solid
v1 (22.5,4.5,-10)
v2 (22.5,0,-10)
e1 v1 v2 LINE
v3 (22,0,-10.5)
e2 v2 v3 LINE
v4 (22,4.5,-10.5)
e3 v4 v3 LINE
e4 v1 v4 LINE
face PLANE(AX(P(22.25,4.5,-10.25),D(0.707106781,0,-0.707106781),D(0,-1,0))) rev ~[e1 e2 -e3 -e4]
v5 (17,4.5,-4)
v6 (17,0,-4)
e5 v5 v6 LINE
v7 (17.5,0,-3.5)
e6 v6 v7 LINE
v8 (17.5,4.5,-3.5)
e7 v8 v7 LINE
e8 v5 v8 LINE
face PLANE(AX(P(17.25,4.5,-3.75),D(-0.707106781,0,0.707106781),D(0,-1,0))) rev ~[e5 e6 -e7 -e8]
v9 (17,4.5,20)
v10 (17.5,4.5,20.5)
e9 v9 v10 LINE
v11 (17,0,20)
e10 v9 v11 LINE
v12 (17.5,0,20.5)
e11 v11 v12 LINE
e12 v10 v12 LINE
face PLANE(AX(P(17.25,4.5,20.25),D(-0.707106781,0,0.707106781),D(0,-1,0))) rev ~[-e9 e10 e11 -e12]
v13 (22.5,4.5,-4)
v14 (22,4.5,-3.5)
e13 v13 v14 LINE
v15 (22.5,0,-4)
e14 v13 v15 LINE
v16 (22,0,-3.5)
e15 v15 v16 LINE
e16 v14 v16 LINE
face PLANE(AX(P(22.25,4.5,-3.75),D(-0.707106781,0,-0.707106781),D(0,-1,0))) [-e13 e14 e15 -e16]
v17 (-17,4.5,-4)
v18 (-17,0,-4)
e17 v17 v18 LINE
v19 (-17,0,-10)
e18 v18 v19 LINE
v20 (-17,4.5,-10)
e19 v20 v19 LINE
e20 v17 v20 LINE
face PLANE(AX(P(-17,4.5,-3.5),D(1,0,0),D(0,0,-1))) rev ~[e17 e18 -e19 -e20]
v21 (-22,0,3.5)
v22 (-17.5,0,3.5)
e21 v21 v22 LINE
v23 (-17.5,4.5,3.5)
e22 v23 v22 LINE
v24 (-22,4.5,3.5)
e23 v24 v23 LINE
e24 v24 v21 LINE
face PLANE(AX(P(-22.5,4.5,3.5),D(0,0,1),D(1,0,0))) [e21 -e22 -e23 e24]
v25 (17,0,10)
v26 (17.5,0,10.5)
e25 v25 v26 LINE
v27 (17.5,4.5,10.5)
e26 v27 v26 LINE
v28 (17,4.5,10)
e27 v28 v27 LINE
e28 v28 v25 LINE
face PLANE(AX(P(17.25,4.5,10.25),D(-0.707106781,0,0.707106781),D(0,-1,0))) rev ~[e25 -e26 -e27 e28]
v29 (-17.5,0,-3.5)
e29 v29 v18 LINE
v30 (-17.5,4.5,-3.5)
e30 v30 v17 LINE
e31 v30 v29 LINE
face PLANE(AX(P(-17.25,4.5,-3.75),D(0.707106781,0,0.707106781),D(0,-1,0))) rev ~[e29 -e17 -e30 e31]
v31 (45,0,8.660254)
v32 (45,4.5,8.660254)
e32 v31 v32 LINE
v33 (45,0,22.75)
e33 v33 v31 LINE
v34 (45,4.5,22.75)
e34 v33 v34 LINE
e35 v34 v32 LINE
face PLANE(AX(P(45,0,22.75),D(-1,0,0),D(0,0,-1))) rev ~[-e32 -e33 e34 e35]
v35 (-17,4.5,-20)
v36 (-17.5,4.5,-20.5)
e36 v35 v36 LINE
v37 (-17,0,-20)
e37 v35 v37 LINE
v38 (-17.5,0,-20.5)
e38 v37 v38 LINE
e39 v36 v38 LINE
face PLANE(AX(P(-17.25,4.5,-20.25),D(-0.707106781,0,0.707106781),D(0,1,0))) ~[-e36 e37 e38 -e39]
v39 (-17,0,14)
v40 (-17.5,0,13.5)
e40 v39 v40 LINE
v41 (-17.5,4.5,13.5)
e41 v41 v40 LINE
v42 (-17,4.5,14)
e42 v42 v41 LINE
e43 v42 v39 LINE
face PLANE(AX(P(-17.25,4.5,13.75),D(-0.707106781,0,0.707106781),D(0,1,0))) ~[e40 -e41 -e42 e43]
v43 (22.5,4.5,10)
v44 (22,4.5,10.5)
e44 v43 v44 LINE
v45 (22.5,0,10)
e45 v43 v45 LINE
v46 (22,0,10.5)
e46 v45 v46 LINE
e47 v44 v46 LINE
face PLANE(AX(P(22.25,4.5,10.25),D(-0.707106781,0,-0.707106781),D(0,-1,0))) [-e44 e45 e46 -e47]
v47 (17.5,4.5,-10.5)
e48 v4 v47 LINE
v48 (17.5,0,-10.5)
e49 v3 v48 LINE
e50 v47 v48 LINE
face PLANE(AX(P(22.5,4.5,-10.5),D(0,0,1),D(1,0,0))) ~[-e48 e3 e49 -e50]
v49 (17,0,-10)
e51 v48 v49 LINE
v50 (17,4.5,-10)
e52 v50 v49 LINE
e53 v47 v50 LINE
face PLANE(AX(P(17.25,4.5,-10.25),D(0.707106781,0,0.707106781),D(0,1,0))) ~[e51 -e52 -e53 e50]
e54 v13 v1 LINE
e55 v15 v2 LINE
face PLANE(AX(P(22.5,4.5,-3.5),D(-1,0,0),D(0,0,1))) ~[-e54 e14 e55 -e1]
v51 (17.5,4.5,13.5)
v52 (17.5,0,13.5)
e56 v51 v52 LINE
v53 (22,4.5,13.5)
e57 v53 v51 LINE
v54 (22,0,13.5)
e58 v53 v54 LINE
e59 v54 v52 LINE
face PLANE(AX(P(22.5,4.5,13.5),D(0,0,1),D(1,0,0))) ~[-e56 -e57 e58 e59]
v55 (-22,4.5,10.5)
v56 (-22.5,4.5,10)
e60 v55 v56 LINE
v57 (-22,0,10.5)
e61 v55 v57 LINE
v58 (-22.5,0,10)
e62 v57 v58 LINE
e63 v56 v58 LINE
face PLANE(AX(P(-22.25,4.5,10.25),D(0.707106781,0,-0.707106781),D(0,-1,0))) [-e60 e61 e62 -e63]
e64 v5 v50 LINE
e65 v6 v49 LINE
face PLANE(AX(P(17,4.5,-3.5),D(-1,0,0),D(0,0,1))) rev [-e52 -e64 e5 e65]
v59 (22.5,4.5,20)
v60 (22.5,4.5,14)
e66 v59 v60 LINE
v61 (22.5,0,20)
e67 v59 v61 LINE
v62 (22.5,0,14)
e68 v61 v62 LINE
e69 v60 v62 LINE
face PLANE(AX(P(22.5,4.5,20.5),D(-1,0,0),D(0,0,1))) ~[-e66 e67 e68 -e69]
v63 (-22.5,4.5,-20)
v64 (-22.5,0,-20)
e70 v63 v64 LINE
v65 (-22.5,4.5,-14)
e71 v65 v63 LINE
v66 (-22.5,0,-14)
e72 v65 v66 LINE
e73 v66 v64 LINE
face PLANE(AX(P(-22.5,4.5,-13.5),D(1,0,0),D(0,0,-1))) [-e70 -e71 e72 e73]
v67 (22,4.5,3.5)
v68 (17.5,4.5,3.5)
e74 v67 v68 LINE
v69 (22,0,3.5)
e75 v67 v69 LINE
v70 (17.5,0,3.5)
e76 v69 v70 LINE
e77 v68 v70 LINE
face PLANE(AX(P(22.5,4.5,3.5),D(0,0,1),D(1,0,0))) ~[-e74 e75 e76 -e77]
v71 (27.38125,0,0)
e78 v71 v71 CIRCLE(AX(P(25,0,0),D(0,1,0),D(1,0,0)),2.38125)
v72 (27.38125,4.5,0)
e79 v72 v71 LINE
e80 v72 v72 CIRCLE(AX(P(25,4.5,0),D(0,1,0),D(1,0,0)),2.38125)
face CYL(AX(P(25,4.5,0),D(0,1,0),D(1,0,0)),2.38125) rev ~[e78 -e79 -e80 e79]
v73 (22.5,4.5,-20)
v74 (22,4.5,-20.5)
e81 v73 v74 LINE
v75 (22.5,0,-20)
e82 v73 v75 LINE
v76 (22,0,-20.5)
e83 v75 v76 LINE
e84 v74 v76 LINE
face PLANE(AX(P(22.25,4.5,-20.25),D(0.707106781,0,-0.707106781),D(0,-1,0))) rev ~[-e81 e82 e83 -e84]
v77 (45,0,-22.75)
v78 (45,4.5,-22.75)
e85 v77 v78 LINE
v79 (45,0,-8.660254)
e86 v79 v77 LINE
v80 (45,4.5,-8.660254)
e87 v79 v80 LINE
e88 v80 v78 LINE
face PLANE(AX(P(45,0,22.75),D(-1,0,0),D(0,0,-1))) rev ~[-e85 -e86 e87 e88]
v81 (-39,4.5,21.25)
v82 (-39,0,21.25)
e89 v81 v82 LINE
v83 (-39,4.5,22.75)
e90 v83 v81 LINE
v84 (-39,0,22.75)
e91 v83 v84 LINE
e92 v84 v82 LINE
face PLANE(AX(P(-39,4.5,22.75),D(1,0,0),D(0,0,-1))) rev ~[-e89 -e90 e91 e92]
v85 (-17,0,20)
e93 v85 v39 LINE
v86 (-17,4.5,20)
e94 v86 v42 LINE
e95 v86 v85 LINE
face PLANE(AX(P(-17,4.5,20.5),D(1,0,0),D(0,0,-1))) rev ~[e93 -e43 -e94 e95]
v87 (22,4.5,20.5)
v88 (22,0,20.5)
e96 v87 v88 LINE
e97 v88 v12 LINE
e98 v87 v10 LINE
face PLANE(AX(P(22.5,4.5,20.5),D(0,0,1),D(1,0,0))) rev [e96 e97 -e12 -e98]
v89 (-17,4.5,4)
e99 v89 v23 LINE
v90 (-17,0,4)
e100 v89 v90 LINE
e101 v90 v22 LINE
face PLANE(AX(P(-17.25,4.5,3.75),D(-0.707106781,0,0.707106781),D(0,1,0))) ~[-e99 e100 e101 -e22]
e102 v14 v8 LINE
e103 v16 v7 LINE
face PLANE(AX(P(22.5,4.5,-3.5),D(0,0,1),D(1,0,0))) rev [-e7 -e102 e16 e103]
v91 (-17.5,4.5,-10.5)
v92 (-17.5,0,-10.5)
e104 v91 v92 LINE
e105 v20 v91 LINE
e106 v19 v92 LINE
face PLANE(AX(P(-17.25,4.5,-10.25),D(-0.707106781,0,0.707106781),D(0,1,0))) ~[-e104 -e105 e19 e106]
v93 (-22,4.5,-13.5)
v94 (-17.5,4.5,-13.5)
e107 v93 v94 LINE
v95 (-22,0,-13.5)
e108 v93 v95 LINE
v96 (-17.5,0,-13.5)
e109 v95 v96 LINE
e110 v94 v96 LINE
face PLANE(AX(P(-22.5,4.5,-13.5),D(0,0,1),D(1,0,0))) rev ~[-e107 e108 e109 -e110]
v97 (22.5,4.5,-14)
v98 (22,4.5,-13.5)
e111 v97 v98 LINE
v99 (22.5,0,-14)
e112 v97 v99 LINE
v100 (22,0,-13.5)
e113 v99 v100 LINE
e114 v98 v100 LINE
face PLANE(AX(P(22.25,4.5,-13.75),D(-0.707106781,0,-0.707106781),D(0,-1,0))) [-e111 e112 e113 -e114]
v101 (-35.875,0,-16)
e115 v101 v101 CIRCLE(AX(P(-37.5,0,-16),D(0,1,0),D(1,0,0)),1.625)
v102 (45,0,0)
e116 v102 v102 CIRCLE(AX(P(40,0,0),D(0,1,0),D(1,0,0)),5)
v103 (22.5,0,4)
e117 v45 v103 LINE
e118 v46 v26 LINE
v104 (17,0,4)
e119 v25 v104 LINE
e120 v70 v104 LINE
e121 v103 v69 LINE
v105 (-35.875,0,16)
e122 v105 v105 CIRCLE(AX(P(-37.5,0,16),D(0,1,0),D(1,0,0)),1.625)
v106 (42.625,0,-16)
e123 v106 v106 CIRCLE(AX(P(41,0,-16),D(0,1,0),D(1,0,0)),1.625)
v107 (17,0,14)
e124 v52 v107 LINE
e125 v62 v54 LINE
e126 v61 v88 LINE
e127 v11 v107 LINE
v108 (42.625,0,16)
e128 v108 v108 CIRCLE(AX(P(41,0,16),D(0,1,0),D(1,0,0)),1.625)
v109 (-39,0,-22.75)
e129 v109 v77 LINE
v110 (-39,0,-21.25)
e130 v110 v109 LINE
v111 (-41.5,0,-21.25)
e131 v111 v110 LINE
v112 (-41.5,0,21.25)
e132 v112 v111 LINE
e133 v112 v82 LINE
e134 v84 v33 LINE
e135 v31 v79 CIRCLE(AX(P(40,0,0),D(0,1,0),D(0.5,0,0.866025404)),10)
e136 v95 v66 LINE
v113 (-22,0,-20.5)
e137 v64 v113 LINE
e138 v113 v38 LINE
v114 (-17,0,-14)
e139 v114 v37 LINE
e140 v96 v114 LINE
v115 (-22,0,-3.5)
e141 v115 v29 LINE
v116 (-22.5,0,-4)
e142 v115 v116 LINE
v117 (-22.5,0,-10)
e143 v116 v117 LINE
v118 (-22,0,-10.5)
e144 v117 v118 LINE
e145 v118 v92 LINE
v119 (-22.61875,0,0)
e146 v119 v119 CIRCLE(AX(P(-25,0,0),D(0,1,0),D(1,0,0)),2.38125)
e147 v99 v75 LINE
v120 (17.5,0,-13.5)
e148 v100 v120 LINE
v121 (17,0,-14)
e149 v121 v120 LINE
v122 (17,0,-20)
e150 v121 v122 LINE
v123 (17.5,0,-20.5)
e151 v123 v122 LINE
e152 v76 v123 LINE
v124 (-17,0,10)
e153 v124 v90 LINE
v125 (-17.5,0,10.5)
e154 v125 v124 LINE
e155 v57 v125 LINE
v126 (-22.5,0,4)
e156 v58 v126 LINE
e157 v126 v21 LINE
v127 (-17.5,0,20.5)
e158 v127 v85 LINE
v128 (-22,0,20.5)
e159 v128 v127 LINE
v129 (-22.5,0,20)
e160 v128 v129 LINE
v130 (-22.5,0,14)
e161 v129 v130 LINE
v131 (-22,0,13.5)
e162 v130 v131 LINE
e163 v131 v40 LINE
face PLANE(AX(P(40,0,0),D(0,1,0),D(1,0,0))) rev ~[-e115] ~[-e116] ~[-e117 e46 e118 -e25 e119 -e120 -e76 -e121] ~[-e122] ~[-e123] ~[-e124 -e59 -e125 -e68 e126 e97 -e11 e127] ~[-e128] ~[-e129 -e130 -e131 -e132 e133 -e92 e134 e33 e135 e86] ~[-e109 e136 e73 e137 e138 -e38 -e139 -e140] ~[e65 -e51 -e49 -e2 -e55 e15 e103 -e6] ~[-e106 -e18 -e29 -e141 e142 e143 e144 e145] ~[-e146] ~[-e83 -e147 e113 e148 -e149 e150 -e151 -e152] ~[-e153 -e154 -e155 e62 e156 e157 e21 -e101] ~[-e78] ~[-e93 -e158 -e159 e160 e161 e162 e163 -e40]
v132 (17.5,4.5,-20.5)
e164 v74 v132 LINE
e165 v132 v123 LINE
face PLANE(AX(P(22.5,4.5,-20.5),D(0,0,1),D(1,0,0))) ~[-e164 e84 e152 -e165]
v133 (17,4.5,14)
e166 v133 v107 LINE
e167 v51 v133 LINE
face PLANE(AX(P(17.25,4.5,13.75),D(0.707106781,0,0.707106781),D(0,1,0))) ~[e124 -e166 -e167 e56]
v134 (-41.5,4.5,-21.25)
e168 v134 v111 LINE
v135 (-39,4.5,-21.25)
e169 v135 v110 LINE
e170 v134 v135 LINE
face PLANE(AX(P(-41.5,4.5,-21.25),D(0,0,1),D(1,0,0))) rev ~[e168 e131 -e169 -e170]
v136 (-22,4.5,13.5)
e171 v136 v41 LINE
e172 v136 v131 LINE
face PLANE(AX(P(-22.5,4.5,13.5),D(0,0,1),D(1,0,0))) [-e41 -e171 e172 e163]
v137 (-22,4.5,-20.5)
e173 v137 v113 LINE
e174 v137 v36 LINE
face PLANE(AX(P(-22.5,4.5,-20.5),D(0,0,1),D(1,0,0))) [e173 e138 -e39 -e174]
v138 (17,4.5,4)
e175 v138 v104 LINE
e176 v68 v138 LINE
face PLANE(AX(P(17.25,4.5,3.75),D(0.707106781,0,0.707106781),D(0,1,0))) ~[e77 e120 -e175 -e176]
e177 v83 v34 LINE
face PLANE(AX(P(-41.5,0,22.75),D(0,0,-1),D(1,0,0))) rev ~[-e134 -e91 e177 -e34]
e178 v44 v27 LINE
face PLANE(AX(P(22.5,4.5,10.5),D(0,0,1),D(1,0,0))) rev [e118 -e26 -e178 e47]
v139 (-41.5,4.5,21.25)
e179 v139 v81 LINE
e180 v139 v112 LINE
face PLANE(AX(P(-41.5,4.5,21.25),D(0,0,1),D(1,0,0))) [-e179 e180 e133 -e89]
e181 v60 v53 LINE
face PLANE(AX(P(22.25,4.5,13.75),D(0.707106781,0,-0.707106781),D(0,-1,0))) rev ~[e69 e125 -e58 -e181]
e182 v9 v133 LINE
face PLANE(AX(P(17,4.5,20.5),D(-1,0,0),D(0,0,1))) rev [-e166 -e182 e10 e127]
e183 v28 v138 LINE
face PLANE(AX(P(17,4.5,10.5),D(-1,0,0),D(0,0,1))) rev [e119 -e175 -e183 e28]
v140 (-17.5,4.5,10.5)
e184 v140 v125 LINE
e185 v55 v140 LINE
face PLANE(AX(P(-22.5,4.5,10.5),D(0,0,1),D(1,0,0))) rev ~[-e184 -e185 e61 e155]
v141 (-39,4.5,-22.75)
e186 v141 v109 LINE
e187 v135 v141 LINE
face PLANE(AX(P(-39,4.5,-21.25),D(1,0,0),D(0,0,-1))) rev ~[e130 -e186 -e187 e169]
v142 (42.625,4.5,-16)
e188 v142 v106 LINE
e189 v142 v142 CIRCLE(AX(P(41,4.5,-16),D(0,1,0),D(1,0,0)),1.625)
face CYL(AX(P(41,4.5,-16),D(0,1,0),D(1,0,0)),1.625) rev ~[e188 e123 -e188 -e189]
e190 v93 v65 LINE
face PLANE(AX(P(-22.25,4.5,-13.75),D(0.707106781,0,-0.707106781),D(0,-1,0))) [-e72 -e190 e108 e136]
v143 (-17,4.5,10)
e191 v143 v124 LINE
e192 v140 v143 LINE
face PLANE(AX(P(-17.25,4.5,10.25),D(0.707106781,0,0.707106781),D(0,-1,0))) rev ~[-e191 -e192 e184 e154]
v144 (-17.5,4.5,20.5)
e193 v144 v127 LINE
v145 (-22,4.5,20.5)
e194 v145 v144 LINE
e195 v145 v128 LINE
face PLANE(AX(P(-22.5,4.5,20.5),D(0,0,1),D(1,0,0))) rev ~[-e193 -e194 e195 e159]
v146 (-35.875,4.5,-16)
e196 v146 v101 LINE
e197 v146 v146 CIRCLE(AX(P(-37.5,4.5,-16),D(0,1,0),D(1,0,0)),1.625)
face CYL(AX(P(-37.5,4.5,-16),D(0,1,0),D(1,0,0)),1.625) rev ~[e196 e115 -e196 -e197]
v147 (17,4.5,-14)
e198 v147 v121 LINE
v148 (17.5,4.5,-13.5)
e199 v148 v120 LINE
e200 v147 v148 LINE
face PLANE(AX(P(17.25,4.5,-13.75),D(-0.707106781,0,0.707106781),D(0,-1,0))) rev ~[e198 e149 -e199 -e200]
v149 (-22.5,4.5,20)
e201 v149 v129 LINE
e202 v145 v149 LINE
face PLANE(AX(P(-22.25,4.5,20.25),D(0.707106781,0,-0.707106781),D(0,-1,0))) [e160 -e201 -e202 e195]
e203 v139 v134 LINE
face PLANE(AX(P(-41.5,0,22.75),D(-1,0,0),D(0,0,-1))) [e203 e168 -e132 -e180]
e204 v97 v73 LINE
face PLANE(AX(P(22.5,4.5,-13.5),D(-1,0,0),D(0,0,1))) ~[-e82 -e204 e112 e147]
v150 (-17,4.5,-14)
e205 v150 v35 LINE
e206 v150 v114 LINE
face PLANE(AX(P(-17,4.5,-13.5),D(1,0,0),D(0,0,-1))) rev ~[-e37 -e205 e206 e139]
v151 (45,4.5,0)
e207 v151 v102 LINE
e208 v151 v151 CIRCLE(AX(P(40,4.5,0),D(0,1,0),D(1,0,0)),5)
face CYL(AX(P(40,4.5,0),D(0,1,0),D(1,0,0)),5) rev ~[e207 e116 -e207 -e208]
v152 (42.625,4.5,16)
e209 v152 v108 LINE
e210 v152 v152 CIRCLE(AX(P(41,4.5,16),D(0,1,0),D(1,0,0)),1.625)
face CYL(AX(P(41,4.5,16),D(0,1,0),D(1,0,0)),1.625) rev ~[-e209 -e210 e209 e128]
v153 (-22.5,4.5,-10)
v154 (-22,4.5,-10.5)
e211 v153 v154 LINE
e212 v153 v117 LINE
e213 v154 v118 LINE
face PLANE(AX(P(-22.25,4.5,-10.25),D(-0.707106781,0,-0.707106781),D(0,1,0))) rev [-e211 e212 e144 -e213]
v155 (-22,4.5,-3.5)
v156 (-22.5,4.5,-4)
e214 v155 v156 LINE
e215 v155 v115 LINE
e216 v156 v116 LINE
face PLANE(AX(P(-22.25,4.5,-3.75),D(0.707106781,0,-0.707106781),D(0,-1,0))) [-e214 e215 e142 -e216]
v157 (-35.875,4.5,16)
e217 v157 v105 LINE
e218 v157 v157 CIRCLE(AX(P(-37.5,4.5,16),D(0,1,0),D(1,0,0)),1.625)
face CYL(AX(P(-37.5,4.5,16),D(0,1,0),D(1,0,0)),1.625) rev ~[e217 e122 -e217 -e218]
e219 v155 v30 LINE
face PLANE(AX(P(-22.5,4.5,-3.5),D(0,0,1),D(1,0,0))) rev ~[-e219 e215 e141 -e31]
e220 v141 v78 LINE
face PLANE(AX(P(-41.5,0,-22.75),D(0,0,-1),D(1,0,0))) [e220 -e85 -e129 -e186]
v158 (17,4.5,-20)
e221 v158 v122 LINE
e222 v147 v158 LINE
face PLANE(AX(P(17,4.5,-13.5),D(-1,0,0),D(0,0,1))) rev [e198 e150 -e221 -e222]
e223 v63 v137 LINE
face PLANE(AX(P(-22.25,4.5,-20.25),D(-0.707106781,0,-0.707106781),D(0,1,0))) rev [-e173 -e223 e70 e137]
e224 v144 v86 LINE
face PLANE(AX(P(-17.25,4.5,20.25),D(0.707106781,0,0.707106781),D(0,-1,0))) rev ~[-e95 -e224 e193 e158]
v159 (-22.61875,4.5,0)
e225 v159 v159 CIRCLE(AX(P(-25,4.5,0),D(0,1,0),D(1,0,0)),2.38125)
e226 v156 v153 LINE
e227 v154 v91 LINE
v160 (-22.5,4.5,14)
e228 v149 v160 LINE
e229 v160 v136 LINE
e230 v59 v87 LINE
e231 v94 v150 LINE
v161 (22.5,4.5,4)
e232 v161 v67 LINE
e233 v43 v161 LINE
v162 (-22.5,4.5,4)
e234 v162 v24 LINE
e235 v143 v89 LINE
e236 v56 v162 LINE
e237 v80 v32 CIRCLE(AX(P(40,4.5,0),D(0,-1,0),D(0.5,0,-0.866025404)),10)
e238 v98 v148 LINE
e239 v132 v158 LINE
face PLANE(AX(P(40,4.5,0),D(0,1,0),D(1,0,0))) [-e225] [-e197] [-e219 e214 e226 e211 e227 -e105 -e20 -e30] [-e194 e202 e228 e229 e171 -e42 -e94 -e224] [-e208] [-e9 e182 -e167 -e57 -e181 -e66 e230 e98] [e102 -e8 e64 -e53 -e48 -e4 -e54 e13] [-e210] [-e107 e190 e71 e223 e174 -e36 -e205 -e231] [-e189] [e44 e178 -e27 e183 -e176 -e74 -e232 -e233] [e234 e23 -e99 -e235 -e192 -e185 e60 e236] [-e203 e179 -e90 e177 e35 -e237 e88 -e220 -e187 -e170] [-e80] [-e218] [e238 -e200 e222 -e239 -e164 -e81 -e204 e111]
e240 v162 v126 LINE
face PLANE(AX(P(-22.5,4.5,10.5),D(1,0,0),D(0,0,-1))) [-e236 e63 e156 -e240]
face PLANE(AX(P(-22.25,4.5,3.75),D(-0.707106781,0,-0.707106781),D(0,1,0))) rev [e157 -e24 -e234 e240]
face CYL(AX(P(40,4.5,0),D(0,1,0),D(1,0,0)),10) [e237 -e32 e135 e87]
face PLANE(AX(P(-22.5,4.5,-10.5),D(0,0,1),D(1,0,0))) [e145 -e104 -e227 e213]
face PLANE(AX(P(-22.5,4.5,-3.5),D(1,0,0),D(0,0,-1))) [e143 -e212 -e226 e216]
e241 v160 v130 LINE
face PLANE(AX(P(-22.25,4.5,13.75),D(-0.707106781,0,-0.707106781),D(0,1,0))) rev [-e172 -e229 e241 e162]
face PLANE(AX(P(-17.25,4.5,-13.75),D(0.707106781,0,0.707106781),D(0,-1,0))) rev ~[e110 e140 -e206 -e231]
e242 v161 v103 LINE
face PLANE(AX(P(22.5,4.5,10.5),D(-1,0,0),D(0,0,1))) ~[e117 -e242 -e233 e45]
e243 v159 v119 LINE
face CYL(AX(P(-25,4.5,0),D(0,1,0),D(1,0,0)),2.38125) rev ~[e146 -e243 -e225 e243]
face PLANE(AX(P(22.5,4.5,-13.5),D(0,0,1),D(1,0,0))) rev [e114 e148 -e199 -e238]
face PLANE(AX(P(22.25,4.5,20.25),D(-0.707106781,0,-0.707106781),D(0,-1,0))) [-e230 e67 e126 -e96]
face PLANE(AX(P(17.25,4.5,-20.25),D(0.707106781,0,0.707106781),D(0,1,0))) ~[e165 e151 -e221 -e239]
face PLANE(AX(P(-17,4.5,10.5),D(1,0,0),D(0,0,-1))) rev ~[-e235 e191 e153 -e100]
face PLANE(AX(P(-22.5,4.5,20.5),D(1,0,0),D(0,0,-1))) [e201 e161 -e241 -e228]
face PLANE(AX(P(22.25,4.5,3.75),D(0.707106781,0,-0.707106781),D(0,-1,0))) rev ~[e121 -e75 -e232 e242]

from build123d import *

# Parameters (mm, degrees)
SKETCH2_W           = 86.5
SKETCH2_H           = 45.5
BOSS_EXTRUDE1_DEPTH = 4.5
SKETCH3_R           = 1.625
SKETCH3_R_2         = 2.38125
CUT_EXTRUDE1_DEPTH  = 5.5
SKETCH4_W           = 5.5
SKETCH4_H           = 7
CUT_EXTRUDE2_DEPTH  = 5.5
CHAMFER1_SIZE       = 0.5
SKETCH5_R           = 10
BOSS_EXTRUDE2_DEPTH = 4.5
SKETCH6_R           = 5
SKETCH6_W           = 2.5
SKETCH6_H           = 1.5
CUT_EXTRUDE3_DEPTH  = 5.5


with BuildPart() as part:
    # Sketch2 → Boss-Extrude1 (new body)
    with BuildSketch(Plane(origin=(0, 0, 0), x_dir=(1, 0, 0), z_dir=(0, 1, 0))):
        with Locations((1.75, 0)):
            Rectangle(SKETCH2_W, SKETCH2_H)
    extrude(amount=BOSS_EXTRUDE1_DEPTH)

    # Sketch3 → Cut-Extrude1 (cut, through all)
    with BuildSketch(Plane(origin=(0, 4.5, 0), x_dir=(1, 0, 0), z_dir=(0, 1, 0))):
        with Locations((-37.5, -16)):
            Circle(SKETCH3_R)
        with Locations((-37.5, 16)):
            Circle(SKETCH3_R)
        with Locations((41, 16)):
            Circle(SKETCH3_R)
        with Locations((41, -16)):
            Circle(SKETCH3_R)
        with Locations((25, 0)):
            Circle(SKETCH3_R_2)
        with Locations((-25, 0)):
            Circle(SKETCH3_R_2)
    extrude(amount=-CUT_EXTRUDE1_DEPTH, mode=Mode.SUBTRACT)

    # Sketch4 → Cut-Extrude2 (cut, through all)
    with BuildSketch(Plane(origin=(0, 4.5, 0), x_dir=(1, 0, 0), z_dir=(0, 1, 0))):
        with Locations((-19.75, 7)):
            Rectangle(SKETCH4_W, SKETCH4_H)
        with Locations((-19.75, -7)):
            Rectangle(SKETCH4_W, SKETCH4_H)
        with Locations((-19.75, 17)):
            Rectangle(SKETCH4_W, SKETCH4_H)
        with Locations((-19.75, -17)):
            Rectangle(SKETCH4_W, SKETCH4_H)
    cut_extrude2 = extrude(amount=-CUT_EXTRUDE2_DEPTH, mode=Mode.SUBTRACT)

    # Mirror1: Cut-Extrude2 across plane
    add(cut_extrude2.mirror(Plane(origin=(0, 0, 0), x_dir=(0, 0, 1), z_dir=(1, 0, 0))), mode=Mode.SUBTRACT)

    # Chamfer1
    chamfer1_edges = [part.edges().sort_by_distance(p)[0] for p in [
        (22.5, 2.25, -10.5),
        (22.5, 2.25, -3.5),
        (17, 2.25, -3.5),
        (17, 2.25, -10.5),
        (22.5, 2.25, 3.5),
        (22.5, 2.25, 10.5),
        (17, 2.25, 10.5),
        (17, 2.25, 3.5),
        (22.5, 2.25, -20.5),
        (22.5, 2.25, -13.5),
        (17, 2.25, -13.5),
        (17, 2.25, -20.5),
        (22.5, 2.25, 13.5),
        (22.5, 2.25, 20.5),
        (17, 2.25, 20.5),
        (17, 2.25, 13.5),
        (-22.5, 2.25, -3.5),
        (-22.5, 2.25, -10.5),
        (-17, 2.25, -10.5),
        (-17, 2.25, -3.5),
        (-22.5, 2.25, 10.5),
        (-22.5, 2.25, 3.5),
        (-17, 2.25, 3.5),
        (-17, 2.25, 10.5),
        (-22.5, 2.25, -13.5),
        (-22.5, 2.25, -20.5),
        (-17, 2.25, -20.5),
        (-17, 2.25, -13.5),
        (-22.5, 2.25, 20.5),
        (-22.5, 2.25, 13.5),
        (-17, 2.25, 13.5),
        (-17, 2.25, 20.5),
    ]]
    chamfer(chamfer1_edges, length=CHAMFER1_SIZE)

    # Sketch5 → Boss-Extrude2 (add)
    with BuildSketch(Plane(origin=(0, 4.5, 0), x_dir=(1, 0, 0), z_dir=(0, 1, 0))):
        with Locations((40, 0)):
            Circle(SKETCH5_R)
    extrude(amount=-BOSS_EXTRUDE2_DEPTH)

    # Sketch6 → Cut-Extrude3 (cut, through all)
    with BuildSketch(Plane(origin=(0, 4.5, 0), x_dir=(1, 0, 0), z_dir=(0, 1, 0))):
        with Locations((40, 0)):
            Circle(SKETCH6_R)
        with Locations((-40.25, -22)):
            Rectangle(SKETCH6_W, SKETCH6_H)
        with Locations((-40.25, 22)):
            Rectangle(SKETCH6_W, SKETCH6_H)
    extrude(amount=-CUT_EXTRUDE3_DEPTH, mode=Mode.SUBTRACT)


solid = part.part
